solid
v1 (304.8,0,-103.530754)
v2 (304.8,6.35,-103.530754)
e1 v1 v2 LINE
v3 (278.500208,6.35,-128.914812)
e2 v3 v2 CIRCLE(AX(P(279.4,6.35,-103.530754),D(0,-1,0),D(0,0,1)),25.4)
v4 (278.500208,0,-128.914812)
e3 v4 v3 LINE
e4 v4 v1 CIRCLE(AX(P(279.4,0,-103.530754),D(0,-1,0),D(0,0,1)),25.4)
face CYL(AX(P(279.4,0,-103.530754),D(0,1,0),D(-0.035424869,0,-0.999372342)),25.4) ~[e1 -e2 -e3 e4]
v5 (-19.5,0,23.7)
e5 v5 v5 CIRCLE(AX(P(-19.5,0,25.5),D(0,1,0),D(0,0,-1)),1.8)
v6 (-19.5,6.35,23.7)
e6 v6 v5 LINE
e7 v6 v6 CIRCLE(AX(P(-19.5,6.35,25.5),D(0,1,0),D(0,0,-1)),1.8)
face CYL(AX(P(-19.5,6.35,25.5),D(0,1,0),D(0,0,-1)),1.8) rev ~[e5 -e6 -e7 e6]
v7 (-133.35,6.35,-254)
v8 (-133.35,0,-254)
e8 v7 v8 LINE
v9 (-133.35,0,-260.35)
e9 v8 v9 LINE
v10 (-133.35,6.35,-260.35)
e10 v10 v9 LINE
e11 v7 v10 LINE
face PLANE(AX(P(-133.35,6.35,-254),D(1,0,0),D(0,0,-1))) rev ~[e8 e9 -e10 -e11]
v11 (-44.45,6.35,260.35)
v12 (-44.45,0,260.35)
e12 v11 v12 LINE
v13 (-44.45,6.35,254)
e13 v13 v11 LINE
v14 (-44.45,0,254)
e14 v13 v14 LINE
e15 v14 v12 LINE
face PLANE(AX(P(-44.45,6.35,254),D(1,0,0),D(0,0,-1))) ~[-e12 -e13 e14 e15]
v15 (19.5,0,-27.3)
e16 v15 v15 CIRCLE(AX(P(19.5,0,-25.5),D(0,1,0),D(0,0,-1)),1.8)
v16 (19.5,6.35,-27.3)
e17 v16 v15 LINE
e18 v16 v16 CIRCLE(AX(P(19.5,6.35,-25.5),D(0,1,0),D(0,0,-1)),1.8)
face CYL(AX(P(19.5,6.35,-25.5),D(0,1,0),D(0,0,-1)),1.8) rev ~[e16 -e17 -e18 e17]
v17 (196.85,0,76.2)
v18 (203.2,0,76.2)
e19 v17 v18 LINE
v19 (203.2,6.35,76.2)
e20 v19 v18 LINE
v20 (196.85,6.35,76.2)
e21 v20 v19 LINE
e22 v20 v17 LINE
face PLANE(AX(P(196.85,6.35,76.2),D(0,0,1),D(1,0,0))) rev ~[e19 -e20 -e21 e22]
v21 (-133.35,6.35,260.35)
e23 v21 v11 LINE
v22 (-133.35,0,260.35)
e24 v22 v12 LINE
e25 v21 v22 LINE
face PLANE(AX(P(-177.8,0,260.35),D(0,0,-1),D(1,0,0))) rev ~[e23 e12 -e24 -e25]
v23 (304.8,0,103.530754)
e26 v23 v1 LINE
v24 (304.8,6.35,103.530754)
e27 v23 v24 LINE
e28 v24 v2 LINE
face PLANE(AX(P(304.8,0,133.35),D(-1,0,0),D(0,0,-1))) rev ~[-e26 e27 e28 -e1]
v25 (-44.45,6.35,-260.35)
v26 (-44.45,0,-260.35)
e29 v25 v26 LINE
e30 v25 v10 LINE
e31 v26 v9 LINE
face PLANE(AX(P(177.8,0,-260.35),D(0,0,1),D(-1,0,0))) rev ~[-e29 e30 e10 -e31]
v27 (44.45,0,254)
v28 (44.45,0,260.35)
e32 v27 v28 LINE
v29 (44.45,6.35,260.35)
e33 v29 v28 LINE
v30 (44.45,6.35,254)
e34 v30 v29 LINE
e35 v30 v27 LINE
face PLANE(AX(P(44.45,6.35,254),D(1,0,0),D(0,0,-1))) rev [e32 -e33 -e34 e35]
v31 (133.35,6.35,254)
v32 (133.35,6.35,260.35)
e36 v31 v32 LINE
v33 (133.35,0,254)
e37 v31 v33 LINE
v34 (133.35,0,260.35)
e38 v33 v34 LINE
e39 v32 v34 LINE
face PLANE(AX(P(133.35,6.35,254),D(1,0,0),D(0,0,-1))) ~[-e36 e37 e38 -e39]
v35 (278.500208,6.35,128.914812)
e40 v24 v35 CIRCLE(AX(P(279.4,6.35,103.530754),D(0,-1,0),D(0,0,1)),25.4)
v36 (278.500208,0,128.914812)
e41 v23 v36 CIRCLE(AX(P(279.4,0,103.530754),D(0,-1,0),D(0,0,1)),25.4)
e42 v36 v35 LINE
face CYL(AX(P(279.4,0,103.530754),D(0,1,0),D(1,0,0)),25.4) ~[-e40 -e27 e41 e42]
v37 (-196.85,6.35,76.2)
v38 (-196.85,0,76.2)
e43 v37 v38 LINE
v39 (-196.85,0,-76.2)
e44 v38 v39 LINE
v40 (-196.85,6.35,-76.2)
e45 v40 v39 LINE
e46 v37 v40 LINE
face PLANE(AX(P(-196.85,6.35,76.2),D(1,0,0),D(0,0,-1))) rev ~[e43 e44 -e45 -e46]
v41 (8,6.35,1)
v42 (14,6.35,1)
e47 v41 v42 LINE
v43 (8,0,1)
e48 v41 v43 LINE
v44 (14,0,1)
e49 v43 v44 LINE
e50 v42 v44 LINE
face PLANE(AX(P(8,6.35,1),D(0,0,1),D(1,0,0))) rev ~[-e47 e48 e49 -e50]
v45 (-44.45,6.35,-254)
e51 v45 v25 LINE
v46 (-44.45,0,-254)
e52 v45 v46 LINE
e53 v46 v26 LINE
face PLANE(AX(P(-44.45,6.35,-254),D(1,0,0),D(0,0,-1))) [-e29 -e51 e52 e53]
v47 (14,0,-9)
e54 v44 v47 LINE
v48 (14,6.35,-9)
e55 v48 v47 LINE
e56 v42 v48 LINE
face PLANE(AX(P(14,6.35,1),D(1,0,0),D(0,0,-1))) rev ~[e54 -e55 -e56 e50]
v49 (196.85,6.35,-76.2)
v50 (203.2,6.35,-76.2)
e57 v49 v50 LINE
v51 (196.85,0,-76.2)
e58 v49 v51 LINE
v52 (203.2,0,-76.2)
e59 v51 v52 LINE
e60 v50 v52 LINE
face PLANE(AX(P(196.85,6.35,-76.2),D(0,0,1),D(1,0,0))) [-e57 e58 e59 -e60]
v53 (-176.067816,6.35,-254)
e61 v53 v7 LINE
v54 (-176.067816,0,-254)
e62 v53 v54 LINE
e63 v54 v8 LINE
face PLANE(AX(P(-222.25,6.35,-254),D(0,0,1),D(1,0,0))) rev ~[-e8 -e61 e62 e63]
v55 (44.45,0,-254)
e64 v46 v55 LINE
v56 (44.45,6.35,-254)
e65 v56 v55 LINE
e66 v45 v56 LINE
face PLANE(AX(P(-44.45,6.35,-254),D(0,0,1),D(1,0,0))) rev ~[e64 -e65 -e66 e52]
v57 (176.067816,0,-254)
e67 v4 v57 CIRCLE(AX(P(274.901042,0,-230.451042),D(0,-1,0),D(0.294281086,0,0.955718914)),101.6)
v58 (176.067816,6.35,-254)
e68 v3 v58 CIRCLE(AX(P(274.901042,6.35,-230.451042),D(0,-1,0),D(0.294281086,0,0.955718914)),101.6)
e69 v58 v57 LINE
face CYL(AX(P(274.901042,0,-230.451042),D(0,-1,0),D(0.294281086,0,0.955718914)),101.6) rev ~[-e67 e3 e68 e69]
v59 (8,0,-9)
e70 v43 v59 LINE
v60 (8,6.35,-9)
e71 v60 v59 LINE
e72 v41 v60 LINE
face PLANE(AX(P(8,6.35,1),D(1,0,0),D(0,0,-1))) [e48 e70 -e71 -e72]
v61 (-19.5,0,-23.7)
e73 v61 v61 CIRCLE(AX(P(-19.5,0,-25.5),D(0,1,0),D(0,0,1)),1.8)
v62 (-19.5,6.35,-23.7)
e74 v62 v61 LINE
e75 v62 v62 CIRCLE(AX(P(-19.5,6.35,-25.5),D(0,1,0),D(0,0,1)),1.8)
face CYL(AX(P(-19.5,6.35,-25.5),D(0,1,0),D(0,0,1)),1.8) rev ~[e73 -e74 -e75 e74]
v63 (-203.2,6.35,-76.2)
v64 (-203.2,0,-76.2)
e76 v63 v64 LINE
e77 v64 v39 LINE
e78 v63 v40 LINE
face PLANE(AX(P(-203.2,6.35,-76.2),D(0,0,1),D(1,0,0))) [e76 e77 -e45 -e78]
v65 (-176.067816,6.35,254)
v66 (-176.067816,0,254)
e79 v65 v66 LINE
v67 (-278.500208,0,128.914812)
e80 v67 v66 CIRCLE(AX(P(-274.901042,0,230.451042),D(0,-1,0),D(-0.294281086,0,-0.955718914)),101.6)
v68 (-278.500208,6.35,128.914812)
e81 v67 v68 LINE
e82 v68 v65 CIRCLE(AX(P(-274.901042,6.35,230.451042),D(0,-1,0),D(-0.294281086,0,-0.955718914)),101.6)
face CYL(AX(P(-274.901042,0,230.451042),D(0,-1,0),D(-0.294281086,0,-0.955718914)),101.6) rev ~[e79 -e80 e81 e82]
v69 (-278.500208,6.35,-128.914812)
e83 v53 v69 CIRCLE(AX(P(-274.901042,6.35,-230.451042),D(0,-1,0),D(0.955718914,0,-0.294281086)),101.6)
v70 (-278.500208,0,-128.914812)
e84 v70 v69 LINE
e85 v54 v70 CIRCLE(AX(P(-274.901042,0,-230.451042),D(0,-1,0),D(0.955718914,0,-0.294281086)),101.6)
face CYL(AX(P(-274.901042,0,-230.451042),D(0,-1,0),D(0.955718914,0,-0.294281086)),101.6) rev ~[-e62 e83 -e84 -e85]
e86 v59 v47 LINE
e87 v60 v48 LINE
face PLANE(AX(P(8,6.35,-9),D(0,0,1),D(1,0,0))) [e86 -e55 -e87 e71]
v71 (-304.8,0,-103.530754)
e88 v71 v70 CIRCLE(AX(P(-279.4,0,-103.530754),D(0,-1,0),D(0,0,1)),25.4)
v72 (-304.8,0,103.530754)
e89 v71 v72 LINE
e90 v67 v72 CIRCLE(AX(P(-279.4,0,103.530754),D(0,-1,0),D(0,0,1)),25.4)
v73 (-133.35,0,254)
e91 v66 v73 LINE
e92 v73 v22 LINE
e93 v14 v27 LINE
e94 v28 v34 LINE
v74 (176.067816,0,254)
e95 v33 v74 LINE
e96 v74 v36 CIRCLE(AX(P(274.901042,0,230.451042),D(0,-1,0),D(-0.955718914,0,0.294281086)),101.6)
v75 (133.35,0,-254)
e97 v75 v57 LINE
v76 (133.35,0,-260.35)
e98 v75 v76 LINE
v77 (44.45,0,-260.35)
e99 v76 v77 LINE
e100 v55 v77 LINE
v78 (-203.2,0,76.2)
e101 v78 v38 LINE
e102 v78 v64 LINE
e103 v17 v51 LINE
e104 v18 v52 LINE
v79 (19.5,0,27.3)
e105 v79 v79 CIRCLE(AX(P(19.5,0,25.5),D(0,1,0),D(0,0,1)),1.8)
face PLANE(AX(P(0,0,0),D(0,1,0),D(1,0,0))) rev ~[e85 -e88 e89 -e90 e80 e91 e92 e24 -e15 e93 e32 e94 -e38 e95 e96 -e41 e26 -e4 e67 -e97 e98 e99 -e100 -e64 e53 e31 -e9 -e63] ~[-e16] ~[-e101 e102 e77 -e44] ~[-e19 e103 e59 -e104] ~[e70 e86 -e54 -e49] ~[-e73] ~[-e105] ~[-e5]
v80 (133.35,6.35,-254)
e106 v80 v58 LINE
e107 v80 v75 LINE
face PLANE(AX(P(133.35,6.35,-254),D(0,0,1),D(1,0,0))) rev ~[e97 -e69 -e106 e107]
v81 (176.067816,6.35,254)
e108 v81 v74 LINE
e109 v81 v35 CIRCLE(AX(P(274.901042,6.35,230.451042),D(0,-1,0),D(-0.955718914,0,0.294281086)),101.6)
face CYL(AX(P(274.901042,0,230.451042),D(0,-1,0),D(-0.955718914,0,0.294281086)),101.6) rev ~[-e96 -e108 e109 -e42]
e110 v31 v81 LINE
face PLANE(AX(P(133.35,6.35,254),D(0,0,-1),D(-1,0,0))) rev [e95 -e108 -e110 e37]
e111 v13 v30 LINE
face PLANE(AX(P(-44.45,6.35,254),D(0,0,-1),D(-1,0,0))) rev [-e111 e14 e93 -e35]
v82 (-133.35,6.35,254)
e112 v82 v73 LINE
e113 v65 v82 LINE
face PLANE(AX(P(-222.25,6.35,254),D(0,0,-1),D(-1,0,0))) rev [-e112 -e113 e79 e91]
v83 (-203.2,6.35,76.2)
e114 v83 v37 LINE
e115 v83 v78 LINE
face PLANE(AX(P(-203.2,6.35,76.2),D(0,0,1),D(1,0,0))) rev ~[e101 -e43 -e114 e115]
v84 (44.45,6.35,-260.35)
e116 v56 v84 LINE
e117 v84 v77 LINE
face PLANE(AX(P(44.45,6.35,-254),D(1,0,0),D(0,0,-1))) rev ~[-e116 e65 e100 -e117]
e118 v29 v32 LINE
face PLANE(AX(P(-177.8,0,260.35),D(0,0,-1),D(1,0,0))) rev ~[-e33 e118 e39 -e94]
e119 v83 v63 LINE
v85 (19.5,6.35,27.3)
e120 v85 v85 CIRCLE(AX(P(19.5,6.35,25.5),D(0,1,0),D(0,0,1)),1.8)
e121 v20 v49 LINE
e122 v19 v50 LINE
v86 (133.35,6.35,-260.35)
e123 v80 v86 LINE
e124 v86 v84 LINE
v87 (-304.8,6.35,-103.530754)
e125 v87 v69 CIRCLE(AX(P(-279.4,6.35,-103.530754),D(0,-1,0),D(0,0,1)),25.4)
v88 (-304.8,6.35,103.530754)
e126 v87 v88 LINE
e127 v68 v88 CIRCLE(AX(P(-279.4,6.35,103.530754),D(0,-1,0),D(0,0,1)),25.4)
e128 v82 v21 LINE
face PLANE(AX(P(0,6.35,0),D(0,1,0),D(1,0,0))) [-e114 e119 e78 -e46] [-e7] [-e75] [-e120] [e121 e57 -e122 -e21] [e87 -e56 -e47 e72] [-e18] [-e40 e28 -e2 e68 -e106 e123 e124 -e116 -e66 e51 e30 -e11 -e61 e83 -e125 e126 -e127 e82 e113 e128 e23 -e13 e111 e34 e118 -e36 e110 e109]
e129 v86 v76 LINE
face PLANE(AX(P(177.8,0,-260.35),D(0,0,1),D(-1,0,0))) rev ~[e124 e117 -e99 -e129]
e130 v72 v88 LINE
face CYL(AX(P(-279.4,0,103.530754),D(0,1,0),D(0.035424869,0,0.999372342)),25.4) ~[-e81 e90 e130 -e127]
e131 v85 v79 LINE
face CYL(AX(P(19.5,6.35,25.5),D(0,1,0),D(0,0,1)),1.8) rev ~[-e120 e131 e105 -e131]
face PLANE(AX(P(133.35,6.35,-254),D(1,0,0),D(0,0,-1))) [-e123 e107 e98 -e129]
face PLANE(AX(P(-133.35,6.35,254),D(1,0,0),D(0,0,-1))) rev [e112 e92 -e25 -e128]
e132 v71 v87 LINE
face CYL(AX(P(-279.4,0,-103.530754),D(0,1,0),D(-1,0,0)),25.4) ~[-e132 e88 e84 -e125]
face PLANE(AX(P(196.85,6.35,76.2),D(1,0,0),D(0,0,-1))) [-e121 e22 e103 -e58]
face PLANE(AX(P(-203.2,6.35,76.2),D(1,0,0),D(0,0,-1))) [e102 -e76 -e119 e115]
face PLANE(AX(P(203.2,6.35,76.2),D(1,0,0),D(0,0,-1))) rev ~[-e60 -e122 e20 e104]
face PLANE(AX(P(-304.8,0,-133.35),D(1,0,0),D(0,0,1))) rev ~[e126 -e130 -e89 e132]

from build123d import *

# Parameters (mm, degrees)
BOSS_EXTRUDE1_DEPTH = 6.35
SKETCH4_W           = 88.9
SKETCH4_H           = 6.35
CUT_EXTRUDE2_DEPTH  = 401.905830589
FILLET2_R           = 25.4
SKETCH6_W           = 6.35
SKETCH6_H           = 152.4
CUT_EXTRUDE3_DEPTH  = 401.905830589
SKETCH7_W           = 6
SKETCH7_H           = 10
SKETCH7_R           = 1.8
CUT_EXTRUDE4_DEPTH  = 401.905830589


with BuildPart() as part:
    # Sketch1 → Boss-Extrude1 (new body)
    with BuildSketch(Plane(origin=(0, 0, 0), x_dir=(1, 0, 0), z_dir=(0, 1, 0))):
        with BuildLine():
            ThreePointArc((-304.8, -133.35), (-203.058992682, -158.608992682), (-177.8, -260.35))
            Line((-177.8, -260.35), (177.8, -260.35))
            ThreePointArc((177.8, -260.35), (203.058992682, -158.608992682), (304.8, -133.35))
            Line((304.8, -133.35), (304.8, 133.35))
            ThreePointArc((304.8, 133.35), (203.058992682, 158.608992682), (177.8, 260.35))
            Line((177.8, 260.35), (-177.8, 260.35))
            ThreePointArc((-177.8, 260.35), (-203.058992682, 158.608992682), (-304.8, 133.35))
            Line((-304.8, 133.35), (-304.8, -133.35))
        make_face()
    extrude(amount=BOSS_EXTRUDE1_DEPTH)

    # Sketch4 → Cut-Extrude2 (cut, through all)
    with BuildSketch(Plane(origin=(0, 6.35, 0), x_dir=(1, 0, 0), z_dir=(0, 1, 0))):
        with Locations((-177.8, 257.175)):
            Rectangle(SKETCH4_W, SKETCH4_H)
        with Locations((0, 257.175)):
            Rectangle(SKETCH4_W, SKETCH4_H)
        with Locations((177.8, 257.175)):
            Rectangle(SKETCH4_W, SKETCH4_H)
    cut_extrude2 = extrude(amount=-CUT_EXTRUDE2_DEPTH, mode=Mode.SUBTRACT)

    # Mirror2: Cut-Extrude2 across plane
    add(cut_extrude2.mirror(Plane.XY), mode=Mode.SUBTRACT)

    # Fillet2
    fillet2_edges = [part.edges().sort_by_distance(p)[0] for p in [
        (-304.8, 3.175, 133.35),
        (-304.8, 3.175, -133.35),
        (304.8, 3.175, -133.35),
        (304.8, 3.175, 133.35),
    ]]
    fillet(fillet2_edges, radius=FILLET2_R)

    # Sketch6 → Cut-Extrude3 (cut, through all)
    with BuildSketch(Plane(origin=(0, 6.35, 0), x_dir=(1, 0, 0), z_dir=(0, 1, 0))):
        with Locations((-200.025, 0)):
            Rectangle(SKETCH6_W, SKETCH6_H)
        with Locations((200.025, 0)):
            Rectangle(SKETCH6_W, SKETCH6_H)
    extrude(amount=-CUT_EXTRUDE3_DEPTH, mode=Mode.SUBTRACT)

    # Sketch7 → Cut-Extrude4 (cut, through all)
    with BuildSketch(Plane(origin=(0, 6.35, 0), x_dir=(1, 0, 0), z_dir=(0, 1, 0))):
        with Locations((11, 4)):
            Rectangle(SKETCH7_W, SKETCH7_H)
        with Locations(Location((-19.5, 25.5, 0), (0, 0, 270))):
            Circle(SKETCH7_R)
        with Locations(Location((-19.5, -25.5, 0), (0, 0, 90))):
            Circle(SKETCH7_R)
        with Locations(Location((19.5, -25.5, 0), (0, 0, 270))):
            Circle(SKETCH7_R)
        with Locations(Location((19.5, 25.5, 0), (0, 0, 90))):
            Circle(SKETCH7_R)
    extrude(amount=-CUT_EXTRUDE4_DEPTH, mode=Mode.SUBTRACT)


solid = part.part
